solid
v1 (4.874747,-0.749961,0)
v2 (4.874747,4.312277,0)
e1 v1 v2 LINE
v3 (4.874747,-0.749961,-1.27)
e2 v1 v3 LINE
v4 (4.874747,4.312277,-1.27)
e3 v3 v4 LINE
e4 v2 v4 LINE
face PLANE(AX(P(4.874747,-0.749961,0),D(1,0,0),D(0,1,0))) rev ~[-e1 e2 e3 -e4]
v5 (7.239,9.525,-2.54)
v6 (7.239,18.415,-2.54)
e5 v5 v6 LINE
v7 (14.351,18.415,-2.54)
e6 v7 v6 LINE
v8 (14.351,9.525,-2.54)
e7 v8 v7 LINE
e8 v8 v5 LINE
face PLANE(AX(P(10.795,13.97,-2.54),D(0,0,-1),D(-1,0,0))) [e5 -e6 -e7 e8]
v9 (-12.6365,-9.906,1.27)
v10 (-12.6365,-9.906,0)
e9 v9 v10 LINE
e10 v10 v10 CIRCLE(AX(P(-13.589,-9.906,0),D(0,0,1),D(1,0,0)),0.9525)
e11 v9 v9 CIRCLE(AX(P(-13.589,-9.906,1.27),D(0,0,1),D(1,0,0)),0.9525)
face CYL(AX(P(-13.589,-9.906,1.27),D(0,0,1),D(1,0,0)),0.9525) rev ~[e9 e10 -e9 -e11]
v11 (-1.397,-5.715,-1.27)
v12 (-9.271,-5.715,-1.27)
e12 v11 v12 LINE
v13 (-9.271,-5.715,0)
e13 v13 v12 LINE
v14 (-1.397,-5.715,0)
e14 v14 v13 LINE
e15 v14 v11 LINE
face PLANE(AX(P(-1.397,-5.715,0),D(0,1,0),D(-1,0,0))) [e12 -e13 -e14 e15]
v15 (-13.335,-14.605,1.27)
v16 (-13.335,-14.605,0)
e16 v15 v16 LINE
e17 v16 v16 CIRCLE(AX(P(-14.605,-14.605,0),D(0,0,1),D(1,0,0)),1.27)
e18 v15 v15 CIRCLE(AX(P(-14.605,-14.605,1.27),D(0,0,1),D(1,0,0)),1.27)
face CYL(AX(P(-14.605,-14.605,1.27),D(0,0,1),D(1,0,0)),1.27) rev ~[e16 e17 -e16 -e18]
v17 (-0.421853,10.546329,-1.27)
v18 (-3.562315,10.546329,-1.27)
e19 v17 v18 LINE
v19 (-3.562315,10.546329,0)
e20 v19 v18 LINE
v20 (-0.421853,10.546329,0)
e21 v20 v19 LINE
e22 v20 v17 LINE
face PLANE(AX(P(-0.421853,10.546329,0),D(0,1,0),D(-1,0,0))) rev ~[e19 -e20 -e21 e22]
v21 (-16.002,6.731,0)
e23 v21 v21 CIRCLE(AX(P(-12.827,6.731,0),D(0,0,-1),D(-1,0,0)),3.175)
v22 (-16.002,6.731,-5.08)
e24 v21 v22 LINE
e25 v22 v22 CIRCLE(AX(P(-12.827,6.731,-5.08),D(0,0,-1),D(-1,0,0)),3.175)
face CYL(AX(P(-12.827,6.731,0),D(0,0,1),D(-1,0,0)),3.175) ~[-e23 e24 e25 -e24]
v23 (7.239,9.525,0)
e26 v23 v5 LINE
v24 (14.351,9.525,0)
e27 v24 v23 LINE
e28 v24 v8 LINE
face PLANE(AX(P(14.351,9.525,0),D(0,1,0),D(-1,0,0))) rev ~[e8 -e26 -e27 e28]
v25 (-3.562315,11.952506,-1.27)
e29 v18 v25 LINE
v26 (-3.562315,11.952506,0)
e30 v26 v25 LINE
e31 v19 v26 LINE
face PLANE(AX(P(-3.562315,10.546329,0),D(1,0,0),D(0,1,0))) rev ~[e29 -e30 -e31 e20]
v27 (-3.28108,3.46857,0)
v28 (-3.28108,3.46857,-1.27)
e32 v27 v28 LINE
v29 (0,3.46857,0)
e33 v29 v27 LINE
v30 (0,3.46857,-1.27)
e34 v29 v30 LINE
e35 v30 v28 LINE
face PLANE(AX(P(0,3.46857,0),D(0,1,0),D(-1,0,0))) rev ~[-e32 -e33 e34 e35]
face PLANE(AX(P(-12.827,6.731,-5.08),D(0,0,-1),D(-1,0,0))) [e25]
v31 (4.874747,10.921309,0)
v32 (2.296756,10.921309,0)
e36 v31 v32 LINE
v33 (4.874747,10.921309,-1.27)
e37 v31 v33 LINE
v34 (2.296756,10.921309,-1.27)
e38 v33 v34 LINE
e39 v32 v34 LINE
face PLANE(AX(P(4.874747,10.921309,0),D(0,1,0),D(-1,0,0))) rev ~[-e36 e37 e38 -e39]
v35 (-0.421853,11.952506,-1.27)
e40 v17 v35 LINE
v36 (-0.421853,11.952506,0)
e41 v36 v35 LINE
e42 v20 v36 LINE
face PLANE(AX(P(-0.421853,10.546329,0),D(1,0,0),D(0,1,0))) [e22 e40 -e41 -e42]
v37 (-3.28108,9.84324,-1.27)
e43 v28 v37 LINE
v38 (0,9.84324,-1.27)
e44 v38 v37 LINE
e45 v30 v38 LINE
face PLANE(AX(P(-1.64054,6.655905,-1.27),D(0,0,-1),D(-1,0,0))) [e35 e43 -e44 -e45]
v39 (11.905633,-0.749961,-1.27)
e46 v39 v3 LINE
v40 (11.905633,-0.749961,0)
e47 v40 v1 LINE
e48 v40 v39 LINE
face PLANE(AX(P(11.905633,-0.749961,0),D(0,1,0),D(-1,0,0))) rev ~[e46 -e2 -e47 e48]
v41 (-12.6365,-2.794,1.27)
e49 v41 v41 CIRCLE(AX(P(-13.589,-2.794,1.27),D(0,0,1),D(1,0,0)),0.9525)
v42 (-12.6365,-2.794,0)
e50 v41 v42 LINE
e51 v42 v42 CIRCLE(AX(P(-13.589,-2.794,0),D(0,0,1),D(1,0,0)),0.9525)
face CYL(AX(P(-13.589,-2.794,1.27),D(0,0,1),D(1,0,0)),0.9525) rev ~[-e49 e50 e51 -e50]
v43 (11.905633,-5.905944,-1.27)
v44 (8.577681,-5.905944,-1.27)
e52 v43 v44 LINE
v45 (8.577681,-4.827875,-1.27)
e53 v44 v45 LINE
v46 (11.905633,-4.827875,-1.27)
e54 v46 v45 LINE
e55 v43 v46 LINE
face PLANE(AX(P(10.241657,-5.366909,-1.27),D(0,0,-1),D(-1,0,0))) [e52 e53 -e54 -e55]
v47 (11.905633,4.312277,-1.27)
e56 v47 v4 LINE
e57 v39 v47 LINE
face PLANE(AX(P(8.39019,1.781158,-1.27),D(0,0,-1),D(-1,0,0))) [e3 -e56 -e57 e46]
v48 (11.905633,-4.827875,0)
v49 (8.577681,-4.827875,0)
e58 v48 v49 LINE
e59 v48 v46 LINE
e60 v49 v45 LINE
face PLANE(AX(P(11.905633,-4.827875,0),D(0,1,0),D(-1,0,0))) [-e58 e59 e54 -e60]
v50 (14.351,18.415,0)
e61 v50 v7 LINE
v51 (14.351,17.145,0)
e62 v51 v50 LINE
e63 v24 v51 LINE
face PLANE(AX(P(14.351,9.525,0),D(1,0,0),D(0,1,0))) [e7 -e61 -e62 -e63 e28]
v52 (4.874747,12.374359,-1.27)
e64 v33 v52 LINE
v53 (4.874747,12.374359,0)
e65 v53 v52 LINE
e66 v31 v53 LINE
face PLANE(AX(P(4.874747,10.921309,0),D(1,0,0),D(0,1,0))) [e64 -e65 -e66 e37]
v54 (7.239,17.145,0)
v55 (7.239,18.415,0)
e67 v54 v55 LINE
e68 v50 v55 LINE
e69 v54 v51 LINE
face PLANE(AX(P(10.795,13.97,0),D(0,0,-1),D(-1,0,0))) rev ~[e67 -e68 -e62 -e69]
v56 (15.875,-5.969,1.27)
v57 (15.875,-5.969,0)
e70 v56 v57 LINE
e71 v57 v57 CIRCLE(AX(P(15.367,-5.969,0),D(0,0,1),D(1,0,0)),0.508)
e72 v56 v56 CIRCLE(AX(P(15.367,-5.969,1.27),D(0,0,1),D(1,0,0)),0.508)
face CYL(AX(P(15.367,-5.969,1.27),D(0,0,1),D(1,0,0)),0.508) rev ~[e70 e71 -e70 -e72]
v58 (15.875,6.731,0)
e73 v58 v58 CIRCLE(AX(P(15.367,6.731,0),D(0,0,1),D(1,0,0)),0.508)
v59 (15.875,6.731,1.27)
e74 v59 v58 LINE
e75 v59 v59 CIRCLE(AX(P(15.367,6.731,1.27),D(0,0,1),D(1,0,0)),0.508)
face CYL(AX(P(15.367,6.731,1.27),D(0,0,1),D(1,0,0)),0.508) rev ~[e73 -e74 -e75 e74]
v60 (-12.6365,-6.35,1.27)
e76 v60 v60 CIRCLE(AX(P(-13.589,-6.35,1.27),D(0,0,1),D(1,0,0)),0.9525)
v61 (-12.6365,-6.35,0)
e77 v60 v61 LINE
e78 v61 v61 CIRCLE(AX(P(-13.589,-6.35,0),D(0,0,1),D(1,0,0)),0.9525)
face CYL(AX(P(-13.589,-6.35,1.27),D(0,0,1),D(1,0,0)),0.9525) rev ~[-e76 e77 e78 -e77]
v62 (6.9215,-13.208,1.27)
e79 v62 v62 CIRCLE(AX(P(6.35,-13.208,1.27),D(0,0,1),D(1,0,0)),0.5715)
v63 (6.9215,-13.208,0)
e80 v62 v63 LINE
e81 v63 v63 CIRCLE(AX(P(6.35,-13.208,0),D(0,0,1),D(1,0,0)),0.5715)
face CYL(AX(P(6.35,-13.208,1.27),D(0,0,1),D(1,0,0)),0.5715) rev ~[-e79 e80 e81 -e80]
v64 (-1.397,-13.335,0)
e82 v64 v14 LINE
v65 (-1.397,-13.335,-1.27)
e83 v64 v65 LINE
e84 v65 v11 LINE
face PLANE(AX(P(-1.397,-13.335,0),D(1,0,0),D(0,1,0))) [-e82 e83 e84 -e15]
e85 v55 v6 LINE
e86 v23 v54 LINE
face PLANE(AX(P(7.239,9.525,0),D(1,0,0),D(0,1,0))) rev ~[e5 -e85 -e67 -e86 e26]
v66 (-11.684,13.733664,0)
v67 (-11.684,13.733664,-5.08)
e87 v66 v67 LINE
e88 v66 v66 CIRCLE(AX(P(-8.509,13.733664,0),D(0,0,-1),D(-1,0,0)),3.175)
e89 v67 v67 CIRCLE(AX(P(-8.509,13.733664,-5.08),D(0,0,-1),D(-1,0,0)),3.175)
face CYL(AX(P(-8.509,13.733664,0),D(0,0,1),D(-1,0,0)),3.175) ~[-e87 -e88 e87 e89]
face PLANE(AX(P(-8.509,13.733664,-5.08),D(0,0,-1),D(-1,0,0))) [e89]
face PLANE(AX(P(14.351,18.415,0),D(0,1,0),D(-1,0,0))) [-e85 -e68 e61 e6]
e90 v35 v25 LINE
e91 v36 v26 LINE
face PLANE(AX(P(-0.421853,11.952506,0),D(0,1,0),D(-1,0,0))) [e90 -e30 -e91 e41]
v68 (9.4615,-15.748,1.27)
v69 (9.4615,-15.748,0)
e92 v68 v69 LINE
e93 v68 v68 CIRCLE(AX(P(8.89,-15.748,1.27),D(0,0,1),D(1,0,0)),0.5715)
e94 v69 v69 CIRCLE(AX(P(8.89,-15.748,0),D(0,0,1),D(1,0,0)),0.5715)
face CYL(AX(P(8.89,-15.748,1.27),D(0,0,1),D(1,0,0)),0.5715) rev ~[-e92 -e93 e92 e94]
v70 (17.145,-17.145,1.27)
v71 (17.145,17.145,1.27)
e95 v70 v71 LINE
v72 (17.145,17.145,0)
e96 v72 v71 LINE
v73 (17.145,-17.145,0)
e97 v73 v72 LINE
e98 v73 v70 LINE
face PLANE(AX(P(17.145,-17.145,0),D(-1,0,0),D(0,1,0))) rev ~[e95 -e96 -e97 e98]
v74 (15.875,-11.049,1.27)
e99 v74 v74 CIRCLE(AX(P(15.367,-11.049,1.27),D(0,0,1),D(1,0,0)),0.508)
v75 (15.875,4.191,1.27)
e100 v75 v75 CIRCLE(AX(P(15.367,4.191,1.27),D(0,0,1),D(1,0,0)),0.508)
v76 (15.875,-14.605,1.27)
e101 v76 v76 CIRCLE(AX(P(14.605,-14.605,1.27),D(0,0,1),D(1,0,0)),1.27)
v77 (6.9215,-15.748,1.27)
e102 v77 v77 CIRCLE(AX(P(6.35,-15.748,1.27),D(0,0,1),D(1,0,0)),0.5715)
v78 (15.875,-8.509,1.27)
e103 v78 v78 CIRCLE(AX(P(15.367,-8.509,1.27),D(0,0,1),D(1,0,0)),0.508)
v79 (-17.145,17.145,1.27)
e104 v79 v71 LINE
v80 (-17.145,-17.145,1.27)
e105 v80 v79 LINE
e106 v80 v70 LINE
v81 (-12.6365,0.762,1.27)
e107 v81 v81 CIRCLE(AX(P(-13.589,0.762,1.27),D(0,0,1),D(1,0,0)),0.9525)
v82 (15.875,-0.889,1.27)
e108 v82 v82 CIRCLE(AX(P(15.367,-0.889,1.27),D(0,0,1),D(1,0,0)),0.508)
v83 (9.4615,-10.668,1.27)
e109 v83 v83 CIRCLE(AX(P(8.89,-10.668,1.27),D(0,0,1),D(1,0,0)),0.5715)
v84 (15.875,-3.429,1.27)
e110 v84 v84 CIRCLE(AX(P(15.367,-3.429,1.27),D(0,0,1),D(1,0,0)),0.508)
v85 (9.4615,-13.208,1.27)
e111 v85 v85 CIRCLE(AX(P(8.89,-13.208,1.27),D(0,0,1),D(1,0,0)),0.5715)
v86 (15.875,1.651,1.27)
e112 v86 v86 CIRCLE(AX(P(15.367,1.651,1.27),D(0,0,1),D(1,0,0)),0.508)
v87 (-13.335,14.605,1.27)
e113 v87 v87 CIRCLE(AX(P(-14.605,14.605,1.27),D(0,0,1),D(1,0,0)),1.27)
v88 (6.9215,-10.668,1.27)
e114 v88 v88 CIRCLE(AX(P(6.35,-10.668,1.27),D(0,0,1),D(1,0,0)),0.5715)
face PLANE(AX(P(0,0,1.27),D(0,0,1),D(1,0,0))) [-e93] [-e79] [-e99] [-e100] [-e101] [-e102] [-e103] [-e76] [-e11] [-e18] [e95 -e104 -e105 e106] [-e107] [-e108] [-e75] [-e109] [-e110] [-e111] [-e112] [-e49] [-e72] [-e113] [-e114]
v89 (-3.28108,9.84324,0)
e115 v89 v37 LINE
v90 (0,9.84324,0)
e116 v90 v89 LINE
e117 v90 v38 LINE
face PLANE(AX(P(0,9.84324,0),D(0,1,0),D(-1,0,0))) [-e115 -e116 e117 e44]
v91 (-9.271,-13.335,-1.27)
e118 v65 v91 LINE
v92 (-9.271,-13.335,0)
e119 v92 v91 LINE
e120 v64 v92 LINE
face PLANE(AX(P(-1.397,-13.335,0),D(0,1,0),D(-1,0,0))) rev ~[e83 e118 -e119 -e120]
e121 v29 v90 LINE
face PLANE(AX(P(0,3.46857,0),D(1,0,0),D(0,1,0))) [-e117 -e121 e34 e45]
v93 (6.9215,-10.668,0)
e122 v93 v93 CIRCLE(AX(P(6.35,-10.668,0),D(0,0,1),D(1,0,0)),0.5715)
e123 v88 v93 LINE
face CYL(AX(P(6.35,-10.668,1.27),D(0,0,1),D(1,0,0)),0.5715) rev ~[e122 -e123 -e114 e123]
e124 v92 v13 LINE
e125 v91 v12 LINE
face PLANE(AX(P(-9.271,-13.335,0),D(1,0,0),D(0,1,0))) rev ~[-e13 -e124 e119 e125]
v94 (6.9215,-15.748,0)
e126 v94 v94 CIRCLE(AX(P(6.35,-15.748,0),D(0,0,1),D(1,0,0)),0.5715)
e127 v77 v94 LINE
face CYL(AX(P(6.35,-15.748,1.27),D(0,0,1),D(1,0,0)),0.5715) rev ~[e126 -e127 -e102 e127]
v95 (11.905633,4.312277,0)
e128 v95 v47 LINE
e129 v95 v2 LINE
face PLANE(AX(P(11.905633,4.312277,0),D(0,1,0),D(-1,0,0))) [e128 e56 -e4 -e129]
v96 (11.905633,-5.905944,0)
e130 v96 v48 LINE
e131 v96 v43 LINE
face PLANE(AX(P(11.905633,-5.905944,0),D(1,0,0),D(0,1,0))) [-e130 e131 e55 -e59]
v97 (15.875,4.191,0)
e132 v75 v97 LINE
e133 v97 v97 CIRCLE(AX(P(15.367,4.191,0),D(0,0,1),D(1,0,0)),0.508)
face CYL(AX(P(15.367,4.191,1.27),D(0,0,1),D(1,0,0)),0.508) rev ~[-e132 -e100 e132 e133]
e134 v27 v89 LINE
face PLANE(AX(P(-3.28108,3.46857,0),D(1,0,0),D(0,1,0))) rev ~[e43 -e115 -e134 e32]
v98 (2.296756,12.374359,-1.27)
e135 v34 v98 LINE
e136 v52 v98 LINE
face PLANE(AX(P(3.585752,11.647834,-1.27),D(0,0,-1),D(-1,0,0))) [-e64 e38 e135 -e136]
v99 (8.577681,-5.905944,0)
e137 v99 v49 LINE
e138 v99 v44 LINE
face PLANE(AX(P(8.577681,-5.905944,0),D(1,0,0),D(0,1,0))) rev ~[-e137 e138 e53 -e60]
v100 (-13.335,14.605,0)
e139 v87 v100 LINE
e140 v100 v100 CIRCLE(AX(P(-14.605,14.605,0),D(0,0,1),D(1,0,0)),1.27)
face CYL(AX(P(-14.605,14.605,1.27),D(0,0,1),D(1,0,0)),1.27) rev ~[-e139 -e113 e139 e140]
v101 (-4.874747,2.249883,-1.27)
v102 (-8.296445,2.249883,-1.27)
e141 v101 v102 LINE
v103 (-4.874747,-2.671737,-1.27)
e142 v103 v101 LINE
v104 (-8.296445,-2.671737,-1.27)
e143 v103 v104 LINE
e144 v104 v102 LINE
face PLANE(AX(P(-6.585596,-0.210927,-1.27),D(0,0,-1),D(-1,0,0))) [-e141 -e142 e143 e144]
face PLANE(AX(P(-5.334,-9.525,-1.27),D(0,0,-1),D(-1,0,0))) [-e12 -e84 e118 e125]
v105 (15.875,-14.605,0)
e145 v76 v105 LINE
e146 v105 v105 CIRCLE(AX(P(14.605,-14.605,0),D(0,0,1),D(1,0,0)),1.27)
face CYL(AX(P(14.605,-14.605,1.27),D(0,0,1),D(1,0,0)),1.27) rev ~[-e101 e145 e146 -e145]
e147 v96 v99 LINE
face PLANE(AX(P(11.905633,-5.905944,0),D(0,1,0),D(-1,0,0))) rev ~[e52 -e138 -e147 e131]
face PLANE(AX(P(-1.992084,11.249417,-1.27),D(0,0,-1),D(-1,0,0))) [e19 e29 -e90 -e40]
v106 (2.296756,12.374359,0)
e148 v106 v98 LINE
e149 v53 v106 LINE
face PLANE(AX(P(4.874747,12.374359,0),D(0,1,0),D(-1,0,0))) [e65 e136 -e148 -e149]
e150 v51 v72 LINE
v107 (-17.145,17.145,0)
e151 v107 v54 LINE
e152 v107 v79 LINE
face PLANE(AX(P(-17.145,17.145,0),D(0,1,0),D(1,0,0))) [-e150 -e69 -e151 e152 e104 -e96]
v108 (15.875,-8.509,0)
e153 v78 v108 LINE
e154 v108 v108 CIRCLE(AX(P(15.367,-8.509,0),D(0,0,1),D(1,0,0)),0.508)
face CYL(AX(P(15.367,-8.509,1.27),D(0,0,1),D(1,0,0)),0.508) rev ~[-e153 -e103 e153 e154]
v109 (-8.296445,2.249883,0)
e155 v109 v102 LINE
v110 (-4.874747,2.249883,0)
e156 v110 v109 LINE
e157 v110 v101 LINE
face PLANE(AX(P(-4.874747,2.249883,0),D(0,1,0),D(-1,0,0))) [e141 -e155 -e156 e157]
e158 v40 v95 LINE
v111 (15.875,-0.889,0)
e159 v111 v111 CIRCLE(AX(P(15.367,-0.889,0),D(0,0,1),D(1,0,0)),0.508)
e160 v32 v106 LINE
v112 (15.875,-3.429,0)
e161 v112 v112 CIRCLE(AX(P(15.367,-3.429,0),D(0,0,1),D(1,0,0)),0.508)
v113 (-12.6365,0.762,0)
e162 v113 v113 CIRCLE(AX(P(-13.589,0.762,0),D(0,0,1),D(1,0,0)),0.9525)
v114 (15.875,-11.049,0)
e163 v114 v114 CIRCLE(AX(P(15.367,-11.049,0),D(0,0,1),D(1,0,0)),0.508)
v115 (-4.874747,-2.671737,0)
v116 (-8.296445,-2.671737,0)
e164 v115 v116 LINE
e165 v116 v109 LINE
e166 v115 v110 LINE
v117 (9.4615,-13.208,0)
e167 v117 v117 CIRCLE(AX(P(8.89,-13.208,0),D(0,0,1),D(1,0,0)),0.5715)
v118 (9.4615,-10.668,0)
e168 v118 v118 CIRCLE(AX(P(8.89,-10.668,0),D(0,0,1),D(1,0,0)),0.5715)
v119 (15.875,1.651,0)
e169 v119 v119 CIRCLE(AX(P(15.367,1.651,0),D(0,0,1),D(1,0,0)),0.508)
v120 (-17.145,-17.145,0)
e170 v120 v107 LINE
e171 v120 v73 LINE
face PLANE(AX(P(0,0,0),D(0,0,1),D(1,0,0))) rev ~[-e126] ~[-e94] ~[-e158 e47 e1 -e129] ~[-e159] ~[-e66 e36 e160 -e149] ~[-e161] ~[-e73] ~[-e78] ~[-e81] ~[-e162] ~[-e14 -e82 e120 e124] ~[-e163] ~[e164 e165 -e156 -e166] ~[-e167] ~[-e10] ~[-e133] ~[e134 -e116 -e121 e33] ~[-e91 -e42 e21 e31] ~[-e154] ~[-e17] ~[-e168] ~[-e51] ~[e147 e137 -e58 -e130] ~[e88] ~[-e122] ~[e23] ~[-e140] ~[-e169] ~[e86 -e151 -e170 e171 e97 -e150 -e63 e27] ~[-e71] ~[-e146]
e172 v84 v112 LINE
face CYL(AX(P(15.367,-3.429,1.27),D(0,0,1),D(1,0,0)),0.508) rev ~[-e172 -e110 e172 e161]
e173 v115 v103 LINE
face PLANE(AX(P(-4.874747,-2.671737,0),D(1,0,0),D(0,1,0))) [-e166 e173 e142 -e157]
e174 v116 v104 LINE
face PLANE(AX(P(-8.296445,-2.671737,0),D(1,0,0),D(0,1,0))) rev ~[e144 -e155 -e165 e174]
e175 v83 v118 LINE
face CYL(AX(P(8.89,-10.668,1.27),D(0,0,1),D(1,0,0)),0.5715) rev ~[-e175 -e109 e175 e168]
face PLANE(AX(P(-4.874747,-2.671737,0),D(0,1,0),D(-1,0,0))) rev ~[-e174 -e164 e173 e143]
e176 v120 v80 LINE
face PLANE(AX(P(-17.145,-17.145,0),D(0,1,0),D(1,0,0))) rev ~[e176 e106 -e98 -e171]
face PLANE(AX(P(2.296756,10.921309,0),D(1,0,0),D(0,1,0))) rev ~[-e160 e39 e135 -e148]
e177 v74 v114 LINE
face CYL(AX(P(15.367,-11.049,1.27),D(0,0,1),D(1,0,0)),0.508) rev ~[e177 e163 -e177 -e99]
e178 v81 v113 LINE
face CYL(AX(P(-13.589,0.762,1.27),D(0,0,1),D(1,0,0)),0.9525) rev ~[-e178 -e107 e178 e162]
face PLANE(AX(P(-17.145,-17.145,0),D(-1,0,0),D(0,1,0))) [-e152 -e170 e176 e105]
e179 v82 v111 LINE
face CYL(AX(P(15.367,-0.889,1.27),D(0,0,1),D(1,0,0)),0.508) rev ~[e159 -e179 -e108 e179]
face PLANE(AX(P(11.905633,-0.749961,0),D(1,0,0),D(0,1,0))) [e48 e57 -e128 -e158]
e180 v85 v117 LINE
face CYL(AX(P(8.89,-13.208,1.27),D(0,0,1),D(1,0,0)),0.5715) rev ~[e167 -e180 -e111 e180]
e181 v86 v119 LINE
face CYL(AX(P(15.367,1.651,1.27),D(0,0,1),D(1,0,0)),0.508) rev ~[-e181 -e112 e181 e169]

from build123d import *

# Parameters (mm, degrees)
SKETCH1_W       = 34.29
SKETCH1_H       = 34.29
EXTRUDE1_DEPTH  = 1.27
SKETCH2_R       = 1.27
EXTRUDE2_DEPTH  = 2.27
SKETCH3_R       = 0.9525
EXTRUDE3_DEPTH  = 2.27
SKETCH4_R       = 0.5715
EXTRUDE4_DEPTH  = 2.27
LPATTERN1_COUNT = 3
LPATTERN1_PITCH = 2.54
SKETCH5_R       = 0.508
EXTRUDE5_DEPTH  = 2.27
LPATTERN2_COUNT = 8
LPATTERN2_PITCH = 2.54
SKETCH7_W       = 7.030885781
SKETCH7_H       = 5.062237762
SKETCH7_W_2     = 7.874
SKETCH7_H_2     = 7.62
SKETCH7_W_3     = 3.281080031
SKETCH7_H_3     = 6.374669774
SKETCH7_W_4     = 3.421697746
SKETCH7_H_4     = 4.921620047
SKETCH7_W_5     = 2.577991453
SKETCH7_H_5     = 1.453049728
SKETCH7_W_6     = 3.140462315
SKETCH7_H_6     = 1.406177157
SKETCH7_W_7     = 3.327952603
SKETCH7_H_7     = 1.078069153
EXTRUDE7_DEPTH  = 1.27
SKETCH8_R       = 3.175
EXTRUDE8_DEPTH  = 5.08
SKETCH9_W       = 7.112
SKETCH9_H       = 8.89
EXTRUDE9_DEPTH  = 2.54


with BuildPart() as part:
    # Sketch1 → Extrude1 (new body)
    with BuildSketch(Plane.XY):
        Rectangle(SKETCH1_W, SKETCH1_H)
    extrude(amount=EXTRUDE1_DEPTH)

    # Sketch2 → Extrude2 (cut, through all)
    with BuildSketch(Plane.XY.offset(1.27)):
        with Locations((-14.605, 14.605)):
            Circle(SKETCH2_R)
        with Locations((-14.605, -14.605)):
            Circle(SKETCH2_R)
        with Locations((14.605, -14.605)):
            Circle(SKETCH2_R)
    extrude(amount=-EXTRUDE2_DEPTH, mode=Mode.SUBTRACT)

    # Sketch3 → Extrude3 (cut, through all)
    with BuildSketch(Plane.XY.offset(1.27)):
        with Locations((-13.589, 0.762)):
            Circle(SKETCH3_R)
        with Locations((-13.589, -2.794)):
            Circle(SKETCH3_R)
        with Locations((-13.589, -6.35)):
            Circle(SKETCH3_R)
        with Locations((-13.589, -9.906)):
            Circle(SKETCH3_R)
    extrude(amount=-EXTRUDE3_DEPTH, mode=Mode.SUBTRACT)

    # Sketch4 → Extrude4 (cut, through all)
    with BuildSketch(Plane.XY.offset(1.27)):
        with Locations((6.35, -15.748)):
            Circle(SKETCH4_R)
        with Locations((8.89, -15.748)):
            Circle(SKETCH4_R)
    extrude4 = extrude(amount=-EXTRUDE4_DEPTH, mode=Mode.SUBTRACT)

    # LPattern1: Extrude4 ×3
    with Locations(*[(0, i * LPATTERN1_PITCH, 0) for i in range(1, LPATTERN1_COUNT)]):
        add(extrude4, mode=Mode.SUBTRACT)

    # Sketch5 → Extrude5 (cut, through all)
    with BuildSketch(Plane.XY.offset(1.27)):
        with Locations((15.367, -11.049)):
            Circle(SKETCH5_R)
    extrude5 = extrude(amount=-EXTRUDE5_DEPTH, mode=Mode.SUBTRACT)

    # LPattern2: Extrude5 ×8
    with Locations(*[(0, i * LPATTERN2_PITCH, 0) for i in range(1, LPATTERN2_COUNT)]):
        add(extrude5, mode=Mode.SUBTRACT)

    # Sketch7 → Extrude7 (add)
    with BuildSketch(Plane(origin=(0, 0, 0), x_dir=(-1, 0, 0), z_dir=(0, 0, -1))):
        with Locations((-8.390190366, 1.781157731)):
            Rectangle(SKETCH7_W, SKETCH7_H)
        with Locations((5.334, -9.525)):
            Rectangle(SKETCH7_W_2, SKETCH7_H_2)
        with Locations((1.640540016, 6.655905206)):
            Rectangle(SKETCH7_W_3, SKETCH7_H_3)
        with Locations((6.585596348, -0.210926574)):
            Rectangle(SKETCH7_W_4, SKETCH7_H_4)
        with Locations((-3.585751749, 11.64783411)):
            Rectangle(SKETCH7_W_5, SKETCH7_H_5)
        with Locations((1.992084305, 11.24941725)):
            Rectangle(SKETCH7_W_6, SKETCH7_H_6)
        with Locations((-10.241656955, -5.36690948)):
            Rectangle(SKETCH7_W_7, SKETCH7_H_7)
    extrude(amount=EXTRUDE7_DEPTH)

    # Sketch8 → Extrude8 (add)
    with BuildSketch(Plane(origin=(0, 0, 0), x_dir=(-1, 0, 0), z_dir=(0, 0, -1))):
        with Locations((8.509, 13.733663559)):
            Circle(SKETCH8_R)
        with Locations((12.827, 6.731)):
            Circle(SKETCH8_R)
    extrude(amount=EXTRUDE8_DEPTH)

    # Sketch9 → Extrude9 (add)
    with BuildSketch(Plane(origin=(0, 0, 0), x_dir=(-1, 0, 0), z_dir=(0, 0, -1))):
        with Locations((-10.795, 13.97)):
            Rectangle(SKETCH9_W, SKETCH9_H)
    extrude(amount=EXTRUDE9_DEPTH)


solid = part.part
